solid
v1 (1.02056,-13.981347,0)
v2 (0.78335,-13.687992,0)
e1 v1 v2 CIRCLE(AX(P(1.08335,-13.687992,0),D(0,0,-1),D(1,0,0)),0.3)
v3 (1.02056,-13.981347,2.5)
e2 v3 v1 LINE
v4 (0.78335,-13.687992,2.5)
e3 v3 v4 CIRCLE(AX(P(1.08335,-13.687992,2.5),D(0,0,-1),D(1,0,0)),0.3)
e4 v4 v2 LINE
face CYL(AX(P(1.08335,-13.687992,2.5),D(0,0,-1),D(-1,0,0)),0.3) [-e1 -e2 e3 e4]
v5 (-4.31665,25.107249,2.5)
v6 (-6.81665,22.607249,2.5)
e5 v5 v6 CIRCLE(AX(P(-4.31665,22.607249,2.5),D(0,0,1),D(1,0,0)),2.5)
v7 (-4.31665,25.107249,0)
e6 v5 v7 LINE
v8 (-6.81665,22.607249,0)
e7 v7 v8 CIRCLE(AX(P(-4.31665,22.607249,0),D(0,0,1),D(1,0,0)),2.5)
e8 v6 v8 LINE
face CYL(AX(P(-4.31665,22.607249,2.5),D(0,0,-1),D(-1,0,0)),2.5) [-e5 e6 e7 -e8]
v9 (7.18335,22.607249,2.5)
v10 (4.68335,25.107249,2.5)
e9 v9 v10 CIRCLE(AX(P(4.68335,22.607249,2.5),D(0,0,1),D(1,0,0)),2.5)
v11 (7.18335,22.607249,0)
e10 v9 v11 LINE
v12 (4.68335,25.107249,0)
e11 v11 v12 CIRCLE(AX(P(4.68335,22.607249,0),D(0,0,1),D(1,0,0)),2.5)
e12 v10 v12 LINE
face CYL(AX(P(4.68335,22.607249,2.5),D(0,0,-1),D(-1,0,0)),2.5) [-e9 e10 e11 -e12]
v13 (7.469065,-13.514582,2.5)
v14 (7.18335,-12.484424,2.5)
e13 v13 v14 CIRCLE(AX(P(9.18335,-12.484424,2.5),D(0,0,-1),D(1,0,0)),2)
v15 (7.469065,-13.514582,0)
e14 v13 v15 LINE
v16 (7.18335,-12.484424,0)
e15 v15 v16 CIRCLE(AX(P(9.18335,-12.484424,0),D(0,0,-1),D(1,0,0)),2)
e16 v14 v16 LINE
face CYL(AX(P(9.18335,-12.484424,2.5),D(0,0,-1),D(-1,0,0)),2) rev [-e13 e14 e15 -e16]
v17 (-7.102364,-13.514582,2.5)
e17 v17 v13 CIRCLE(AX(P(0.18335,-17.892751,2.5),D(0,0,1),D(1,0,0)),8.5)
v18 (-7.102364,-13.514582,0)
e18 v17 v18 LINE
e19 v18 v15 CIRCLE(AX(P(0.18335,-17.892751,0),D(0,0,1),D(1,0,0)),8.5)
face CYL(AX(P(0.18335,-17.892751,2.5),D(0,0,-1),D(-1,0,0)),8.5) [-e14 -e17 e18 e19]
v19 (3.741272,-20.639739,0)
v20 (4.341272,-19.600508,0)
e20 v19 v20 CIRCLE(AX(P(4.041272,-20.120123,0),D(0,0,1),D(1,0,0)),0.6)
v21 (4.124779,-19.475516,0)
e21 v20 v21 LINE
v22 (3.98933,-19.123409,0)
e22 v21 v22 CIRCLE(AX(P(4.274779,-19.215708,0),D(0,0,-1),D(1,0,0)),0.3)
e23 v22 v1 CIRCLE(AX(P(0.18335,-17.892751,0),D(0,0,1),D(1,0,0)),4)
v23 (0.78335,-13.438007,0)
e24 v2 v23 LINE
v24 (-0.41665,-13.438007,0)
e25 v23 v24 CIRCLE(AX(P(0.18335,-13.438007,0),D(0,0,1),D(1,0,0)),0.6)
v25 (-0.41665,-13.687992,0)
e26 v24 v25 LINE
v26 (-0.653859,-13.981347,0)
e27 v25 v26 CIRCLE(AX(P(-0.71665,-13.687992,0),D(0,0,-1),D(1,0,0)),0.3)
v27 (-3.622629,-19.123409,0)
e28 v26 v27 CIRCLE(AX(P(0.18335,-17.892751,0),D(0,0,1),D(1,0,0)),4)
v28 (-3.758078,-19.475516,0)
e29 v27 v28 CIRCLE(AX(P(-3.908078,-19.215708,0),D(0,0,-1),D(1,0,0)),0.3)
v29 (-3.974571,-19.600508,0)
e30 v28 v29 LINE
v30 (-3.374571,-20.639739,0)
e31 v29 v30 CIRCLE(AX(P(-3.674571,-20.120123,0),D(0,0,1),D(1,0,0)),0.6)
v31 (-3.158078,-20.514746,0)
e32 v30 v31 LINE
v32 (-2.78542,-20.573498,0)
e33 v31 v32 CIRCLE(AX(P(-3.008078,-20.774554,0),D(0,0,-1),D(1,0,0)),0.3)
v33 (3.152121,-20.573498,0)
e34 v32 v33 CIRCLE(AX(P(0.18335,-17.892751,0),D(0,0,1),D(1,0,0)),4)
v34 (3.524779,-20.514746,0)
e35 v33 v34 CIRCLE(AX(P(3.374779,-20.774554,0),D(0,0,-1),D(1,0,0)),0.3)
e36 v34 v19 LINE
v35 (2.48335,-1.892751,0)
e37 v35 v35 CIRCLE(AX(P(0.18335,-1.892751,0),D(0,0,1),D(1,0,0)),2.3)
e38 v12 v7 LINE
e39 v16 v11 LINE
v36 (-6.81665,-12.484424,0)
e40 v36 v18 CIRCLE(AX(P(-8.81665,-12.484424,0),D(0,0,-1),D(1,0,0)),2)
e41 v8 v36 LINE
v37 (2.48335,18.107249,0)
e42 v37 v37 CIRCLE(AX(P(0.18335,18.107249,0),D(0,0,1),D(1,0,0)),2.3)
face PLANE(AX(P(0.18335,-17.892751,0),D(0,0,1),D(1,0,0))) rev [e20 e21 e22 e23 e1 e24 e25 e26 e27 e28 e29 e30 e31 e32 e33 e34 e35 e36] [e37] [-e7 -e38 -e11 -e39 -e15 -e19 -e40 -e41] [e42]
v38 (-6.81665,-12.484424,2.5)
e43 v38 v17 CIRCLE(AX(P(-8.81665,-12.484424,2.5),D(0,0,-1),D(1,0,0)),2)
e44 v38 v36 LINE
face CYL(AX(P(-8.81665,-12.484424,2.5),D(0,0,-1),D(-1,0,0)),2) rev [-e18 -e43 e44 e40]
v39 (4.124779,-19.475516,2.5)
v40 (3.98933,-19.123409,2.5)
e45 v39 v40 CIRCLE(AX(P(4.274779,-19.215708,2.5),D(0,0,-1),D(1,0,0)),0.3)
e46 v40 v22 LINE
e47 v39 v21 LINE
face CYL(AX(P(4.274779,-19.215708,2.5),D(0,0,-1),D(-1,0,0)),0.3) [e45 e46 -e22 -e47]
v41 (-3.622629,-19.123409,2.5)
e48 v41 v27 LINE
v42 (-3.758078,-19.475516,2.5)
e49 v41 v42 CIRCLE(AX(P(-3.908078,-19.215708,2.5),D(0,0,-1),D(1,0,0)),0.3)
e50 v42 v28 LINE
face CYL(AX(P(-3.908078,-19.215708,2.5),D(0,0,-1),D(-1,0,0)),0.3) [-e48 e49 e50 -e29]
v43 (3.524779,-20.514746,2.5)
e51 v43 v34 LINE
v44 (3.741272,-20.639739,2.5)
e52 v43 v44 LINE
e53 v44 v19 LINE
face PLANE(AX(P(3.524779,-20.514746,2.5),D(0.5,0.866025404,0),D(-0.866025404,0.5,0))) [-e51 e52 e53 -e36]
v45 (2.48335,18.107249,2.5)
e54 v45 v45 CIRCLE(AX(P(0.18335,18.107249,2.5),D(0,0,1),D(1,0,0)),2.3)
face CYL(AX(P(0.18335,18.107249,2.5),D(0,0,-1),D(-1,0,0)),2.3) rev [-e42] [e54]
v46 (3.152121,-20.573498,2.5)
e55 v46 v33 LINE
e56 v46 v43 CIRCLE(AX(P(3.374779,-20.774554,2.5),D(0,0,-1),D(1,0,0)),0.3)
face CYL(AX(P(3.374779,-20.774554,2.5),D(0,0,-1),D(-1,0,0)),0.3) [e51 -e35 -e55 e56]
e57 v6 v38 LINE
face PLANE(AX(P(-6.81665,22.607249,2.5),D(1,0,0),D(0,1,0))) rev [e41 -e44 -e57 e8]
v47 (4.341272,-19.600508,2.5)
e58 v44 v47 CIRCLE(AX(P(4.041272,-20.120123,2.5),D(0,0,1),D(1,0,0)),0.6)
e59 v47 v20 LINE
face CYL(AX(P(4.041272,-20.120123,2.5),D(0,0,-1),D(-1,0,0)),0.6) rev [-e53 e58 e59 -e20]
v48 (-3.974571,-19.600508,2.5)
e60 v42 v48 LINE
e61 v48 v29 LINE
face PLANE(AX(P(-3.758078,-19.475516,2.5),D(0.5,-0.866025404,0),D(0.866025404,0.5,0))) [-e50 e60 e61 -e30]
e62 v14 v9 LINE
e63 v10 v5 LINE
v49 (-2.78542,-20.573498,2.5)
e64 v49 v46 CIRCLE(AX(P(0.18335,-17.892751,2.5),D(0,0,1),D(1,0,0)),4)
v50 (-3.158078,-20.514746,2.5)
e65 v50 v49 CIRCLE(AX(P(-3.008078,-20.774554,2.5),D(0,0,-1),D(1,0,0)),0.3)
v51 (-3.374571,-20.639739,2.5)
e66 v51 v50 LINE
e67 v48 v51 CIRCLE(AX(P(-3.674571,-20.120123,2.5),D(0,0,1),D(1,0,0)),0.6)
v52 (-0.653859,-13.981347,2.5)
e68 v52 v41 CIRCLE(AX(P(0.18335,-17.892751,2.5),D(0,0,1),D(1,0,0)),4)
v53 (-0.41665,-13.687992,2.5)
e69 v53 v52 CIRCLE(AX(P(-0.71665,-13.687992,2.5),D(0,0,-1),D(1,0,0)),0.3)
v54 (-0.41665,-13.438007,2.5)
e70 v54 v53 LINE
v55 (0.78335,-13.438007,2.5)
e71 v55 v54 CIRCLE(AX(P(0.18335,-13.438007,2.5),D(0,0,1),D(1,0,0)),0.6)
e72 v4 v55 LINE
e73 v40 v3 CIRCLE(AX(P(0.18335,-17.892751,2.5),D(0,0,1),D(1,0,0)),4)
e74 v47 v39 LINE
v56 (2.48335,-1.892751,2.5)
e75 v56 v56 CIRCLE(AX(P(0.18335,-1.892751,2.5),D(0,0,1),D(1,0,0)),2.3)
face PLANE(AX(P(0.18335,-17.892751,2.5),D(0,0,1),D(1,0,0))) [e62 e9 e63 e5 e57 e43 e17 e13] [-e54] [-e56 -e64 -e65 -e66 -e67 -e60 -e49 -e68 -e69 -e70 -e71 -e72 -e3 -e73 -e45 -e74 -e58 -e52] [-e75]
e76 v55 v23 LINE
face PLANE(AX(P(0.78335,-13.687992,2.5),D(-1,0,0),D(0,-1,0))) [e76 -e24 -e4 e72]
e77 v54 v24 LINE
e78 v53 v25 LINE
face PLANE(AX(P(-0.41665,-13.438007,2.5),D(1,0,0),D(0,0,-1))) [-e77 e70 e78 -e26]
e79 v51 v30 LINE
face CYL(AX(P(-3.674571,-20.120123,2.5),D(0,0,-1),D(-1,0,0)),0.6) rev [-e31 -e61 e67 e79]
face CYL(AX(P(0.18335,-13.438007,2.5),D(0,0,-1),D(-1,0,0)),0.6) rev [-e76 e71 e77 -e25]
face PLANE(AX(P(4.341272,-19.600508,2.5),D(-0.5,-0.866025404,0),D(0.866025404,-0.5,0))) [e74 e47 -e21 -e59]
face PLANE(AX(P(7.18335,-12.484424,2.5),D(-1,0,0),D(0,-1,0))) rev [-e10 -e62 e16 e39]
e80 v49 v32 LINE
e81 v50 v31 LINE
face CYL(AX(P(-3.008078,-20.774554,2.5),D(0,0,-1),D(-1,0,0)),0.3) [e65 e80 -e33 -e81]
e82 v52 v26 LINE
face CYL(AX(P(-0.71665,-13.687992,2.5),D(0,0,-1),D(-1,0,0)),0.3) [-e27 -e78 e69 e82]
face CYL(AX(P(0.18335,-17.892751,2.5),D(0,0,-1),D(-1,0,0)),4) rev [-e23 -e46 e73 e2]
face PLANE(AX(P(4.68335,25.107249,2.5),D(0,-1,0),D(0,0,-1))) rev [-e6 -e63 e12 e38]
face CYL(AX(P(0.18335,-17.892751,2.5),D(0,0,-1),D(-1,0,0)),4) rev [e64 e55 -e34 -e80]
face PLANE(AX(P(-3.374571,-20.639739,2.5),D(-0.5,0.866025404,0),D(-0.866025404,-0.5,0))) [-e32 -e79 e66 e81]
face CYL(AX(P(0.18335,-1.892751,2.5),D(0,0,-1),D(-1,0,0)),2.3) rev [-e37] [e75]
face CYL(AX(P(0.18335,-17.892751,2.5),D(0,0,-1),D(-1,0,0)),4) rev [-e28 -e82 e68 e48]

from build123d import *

# Parameters (mm, degrees)
EXTRUDE_1_DEPTH = 2.5


with BuildPart() as part:
    # 草图1 → 凸台-拉伸1 (new body)
    with BuildSketch(Plane.XY):
        with BuildLine():
            Line((7.183350415, -12.48442441), (7.183350415, 22.607248677))
            ThreePointArc((7.183350415, 22.607248677), (6.451117367, 24.37501563), (4.683350415, 25.107248677))
            Line((4.683350415, 25.107248677), (-4.316649585, 25.107248677))
            ThreePointArc((-4.316649585, 25.107248677), (-6.084416538, 24.37501563), (-6.816649585, 22.607248677))
            Line((-6.816649585, 22.607248677), (-6.816649585, -12.48442441))
            ThreePointArc((-6.816649585, -12.48442441), (-6.889401362, -13.018946893), (-7.102363871, -13.514581917))
            ThreePointArc((-7.102363871, -13.514581917), (0.183350415, -26.392751323), (7.4690647, -13.514581917))
            ThreePointArc((7.4690647, -13.514581917), (7.256102191, -13.018946893), (7.183350415, -12.48442441))
        make_face()
        with BuildLine():
            Line((4.341271874, -19.600508074), (4.124778706, -19.475515685))
            ThreePointArc((4.124778706, -19.475515685), (3.994781084, -19.323417542), (3.98933022, -19.123408756))
            ThreePointArc((3.98933022, -19.123408756), (3.64745203, -15.892751323), (1.020559717, -13.981347408))
            ThreePointArc((1.020559717, -13.981347408), (0.850072459, -13.876622428), (0.783350415, -13.687992114))
            Line((0.783350415, -13.687992114), (0.783350415, -13.438007336))
            ThreePointArc((0.783350415, -13.438007336), (0.183350415, -12.838007336), (-0.416649585, -13.438007336))
            Line((-0.416649585, -13.438007336), (-0.416649585, -13.687992114))
            ThreePointArc((-0.416649585, -13.687992114), (-0.48337163, -13.876622428), (-0.653858888, -13.981347408))
            ThreePointArc((-0.653858888, -13.981347408), (-3.280751201, -15.892751323), (-3.622629391, -19.123408756))
            ThreePointArc((-3.622629391, -19.123408756), (-3.628080255, -19.323417542), (-3.758077877, -19.475515685))
            Line((-3.758077877, -19.475515685), (-3.974571045, -19.600508074))
            ThreePointArc((-3.974571045, -19.600508074), (-4.194186288, -20.420123316), (-3.374571045, -20.639738558))
            Line((-3.374571045, -20.639738558), (-3.158077877, -20.514746169))
            ThreePointArc((-3.158077877, -20.514746169), (-2.961358211, -20.478213997), (-2.785420089, -20.573497804))
            ThreePointArc((-2.785420089, -20.573497804), (0.183350415, -21.892751323), (3.152120918, -20.573497804))
            ThreePointArc((3.152120918, -20.573497804), (3.32805904, -20.478213997), (3.524778706, -20.514746169))
            Line((3.524778706, -20.514746169), (3.741271874, -20.639738558))
            ThreePointArc((3.741271874, -20.639738558), (4.560887117, -20.420123316), (4.341271874, -19.600508074))
        make_face(mode=Mode.SUBTRACT)
        with BuildLine():
            ThreePointArc((2.483350415, -1.892751323), (0.183350415, 0.407248677), (-2.116649585, -1.892751323))
            ThreePointArc((-2.116649585, -1.892751323), (0.183350415, -4.192751323), (2.483350415, -1.892751323))
        make_face(mode=Mode.SUBTRACT)
        with BuildLine():
            ThreePointArc((2.483350415, 18.107248677), (0.183350415, 20.407248677), (-2.116649585, 18.107248677))
            ThreePointArc((-2.116649585, 18.107248677), (0.183350415, 15.807248677), (2.483350415, 18.107248677))
        make_face(mode=Mode.SUBTRACT)
    extrude(amount=EXTRUDE_1_DEPTH)


solid = part.part
